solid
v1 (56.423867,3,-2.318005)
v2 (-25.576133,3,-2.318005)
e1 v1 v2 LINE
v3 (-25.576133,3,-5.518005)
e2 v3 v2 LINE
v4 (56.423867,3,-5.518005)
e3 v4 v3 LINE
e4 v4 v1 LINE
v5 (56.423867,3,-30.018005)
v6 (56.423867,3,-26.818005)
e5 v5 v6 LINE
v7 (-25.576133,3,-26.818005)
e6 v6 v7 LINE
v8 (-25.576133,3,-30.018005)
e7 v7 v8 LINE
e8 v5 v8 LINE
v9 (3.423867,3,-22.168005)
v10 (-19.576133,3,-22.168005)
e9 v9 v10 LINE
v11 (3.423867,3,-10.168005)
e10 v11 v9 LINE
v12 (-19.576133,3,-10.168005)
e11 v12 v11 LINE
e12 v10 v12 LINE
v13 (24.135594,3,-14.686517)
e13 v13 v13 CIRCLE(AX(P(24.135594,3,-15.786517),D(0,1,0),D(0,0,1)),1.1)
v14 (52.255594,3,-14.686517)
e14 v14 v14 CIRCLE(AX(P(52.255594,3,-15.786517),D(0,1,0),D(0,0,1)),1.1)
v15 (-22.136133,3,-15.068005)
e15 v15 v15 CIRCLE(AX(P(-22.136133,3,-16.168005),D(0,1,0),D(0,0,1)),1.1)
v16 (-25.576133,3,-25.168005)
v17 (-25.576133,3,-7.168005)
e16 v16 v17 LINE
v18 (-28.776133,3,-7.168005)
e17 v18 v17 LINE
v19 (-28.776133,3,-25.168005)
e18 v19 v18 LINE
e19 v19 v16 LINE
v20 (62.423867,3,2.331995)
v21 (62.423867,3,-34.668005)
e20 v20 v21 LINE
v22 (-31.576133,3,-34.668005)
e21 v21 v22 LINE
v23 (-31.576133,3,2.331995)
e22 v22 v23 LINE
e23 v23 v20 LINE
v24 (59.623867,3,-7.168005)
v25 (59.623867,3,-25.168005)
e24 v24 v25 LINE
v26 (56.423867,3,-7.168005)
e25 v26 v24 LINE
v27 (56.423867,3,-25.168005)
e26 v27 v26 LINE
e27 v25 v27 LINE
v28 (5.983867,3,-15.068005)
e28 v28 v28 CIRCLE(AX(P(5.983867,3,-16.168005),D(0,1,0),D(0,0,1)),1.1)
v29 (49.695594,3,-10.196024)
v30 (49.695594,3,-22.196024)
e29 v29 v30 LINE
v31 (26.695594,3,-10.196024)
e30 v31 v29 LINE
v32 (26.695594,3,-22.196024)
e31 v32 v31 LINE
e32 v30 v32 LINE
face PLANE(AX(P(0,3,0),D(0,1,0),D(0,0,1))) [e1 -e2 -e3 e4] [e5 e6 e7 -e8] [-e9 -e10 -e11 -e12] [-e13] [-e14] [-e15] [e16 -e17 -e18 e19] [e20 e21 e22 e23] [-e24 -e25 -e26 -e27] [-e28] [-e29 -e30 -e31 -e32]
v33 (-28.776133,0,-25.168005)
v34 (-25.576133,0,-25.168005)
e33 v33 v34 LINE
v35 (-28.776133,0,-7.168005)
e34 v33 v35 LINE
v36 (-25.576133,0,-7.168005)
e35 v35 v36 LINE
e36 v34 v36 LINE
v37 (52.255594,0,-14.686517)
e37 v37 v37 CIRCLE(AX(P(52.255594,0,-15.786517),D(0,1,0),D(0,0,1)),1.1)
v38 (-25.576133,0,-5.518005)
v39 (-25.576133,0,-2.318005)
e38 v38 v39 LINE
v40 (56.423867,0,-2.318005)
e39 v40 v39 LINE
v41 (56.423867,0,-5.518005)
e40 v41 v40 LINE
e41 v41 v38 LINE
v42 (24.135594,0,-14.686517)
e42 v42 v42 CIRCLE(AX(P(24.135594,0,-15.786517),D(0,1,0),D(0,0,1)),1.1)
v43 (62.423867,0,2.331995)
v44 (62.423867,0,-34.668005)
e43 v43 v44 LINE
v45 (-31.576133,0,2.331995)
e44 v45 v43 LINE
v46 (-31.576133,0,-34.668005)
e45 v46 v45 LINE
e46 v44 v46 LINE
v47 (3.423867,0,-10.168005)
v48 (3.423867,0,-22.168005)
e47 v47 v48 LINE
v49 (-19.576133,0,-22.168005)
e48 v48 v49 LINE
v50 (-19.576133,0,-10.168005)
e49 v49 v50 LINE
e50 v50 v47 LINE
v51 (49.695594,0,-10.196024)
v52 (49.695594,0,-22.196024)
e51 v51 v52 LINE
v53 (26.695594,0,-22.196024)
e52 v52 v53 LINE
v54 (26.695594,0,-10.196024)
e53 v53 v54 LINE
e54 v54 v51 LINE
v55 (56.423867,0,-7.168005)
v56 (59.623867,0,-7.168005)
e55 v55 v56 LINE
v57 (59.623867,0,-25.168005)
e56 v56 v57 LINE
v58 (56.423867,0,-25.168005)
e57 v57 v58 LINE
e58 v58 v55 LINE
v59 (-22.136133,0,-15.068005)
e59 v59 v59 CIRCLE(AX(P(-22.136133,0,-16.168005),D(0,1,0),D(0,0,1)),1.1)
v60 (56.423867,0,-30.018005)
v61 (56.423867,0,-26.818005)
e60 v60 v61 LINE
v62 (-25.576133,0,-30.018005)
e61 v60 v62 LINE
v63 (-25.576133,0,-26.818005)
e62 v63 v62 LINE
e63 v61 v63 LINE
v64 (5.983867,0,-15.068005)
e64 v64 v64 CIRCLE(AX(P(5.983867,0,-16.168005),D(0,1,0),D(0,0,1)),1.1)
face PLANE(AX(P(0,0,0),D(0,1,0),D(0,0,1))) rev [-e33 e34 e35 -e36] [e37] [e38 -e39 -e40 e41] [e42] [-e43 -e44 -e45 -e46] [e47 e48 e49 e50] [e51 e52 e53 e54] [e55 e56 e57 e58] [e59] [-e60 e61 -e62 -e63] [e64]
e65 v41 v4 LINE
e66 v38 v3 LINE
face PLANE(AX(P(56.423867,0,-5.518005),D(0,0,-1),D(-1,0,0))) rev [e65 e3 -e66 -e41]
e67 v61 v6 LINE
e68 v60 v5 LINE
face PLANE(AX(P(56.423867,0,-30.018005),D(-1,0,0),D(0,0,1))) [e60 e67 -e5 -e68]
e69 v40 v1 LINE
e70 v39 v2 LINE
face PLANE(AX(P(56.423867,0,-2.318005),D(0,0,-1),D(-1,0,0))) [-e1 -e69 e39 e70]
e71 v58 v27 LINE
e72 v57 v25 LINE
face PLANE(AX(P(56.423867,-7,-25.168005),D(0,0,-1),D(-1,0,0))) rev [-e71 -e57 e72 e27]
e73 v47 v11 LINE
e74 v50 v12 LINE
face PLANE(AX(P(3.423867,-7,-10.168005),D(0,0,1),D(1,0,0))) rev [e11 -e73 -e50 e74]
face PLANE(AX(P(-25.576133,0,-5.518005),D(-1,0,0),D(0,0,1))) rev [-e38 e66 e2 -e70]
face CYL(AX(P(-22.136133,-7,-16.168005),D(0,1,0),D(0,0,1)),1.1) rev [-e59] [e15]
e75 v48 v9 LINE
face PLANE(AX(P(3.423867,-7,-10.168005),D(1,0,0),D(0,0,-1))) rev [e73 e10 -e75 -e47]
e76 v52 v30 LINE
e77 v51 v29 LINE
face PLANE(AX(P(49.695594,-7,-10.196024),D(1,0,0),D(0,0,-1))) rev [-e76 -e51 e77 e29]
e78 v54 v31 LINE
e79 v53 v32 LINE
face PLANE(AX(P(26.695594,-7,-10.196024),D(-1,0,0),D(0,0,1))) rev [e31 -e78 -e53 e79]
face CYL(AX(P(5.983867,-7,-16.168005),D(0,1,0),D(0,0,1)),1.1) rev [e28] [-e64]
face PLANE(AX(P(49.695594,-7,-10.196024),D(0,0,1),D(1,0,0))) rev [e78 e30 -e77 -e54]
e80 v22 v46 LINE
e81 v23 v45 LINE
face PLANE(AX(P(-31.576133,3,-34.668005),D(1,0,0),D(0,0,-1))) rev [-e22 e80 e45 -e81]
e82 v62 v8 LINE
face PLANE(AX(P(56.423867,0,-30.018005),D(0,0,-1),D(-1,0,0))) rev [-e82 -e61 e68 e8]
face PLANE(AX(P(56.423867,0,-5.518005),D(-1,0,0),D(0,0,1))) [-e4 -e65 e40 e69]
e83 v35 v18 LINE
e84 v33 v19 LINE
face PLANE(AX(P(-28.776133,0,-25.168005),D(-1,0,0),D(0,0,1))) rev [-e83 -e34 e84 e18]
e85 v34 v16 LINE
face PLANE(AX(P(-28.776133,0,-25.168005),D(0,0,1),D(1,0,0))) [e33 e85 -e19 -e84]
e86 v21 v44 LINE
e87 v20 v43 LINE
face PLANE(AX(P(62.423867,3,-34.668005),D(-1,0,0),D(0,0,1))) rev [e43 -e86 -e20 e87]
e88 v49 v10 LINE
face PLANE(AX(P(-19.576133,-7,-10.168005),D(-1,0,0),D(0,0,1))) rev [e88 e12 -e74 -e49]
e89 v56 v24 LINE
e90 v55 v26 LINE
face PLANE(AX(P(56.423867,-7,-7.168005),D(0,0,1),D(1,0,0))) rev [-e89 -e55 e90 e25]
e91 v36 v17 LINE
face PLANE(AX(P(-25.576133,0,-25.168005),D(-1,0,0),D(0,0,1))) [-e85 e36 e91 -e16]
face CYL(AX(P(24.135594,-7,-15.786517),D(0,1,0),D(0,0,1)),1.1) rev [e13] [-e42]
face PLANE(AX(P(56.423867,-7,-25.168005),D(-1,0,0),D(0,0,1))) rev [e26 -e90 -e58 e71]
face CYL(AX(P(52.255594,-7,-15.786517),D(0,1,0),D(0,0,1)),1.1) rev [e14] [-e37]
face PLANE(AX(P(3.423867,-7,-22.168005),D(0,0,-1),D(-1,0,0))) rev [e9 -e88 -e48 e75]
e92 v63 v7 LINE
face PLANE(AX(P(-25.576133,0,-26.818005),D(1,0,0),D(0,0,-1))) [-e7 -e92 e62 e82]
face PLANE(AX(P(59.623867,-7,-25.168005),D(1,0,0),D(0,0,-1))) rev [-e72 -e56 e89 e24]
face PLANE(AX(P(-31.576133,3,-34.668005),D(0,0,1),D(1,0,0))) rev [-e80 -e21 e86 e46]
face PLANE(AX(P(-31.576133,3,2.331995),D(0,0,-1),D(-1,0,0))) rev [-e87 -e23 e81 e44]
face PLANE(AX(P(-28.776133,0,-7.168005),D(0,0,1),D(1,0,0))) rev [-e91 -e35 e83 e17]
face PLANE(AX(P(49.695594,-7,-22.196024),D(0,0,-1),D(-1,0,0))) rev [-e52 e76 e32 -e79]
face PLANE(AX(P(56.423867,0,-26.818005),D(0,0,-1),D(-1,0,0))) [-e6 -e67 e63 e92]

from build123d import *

# Parameters (mm, degrees)
ESBO_O1_W                = 94
ESBO_O1_H                = 37
RESSALTO_EXTRUS_O1_DEPTH = 3
ESBO_O2_W                = 82
ESBO_O2_H                = 3.2
ESBO_O2_W_2              = 3.2
ESBO_O2_H_2              = 18
CORTE_EXTRUS_O2_DEPTH    = 3
ESBO_O2_5_R              = 1.1
ESBO_O2_5_W              = 82
ESBO_O2_5_H              = 3.2
ESBO_O2_5_W_2            = 3.2
ESBO_O2_5_H_2            = 18
ESBO_O2_5_W_3            = 23
ESBO_O2_5_H_3            = 12
CORTE_EXTRUS_O4_DEPTH    = 10


with BuildPart() as part:
    # Esboço1 → Ressalto-extrusão1 (new body)
    with BuildSketch(Plane(origin=(0, 0, 0), x_dir=(1, 0, 0), z_dir=(0, 1, 0))):
        with Locations((15.423867314, 16.168005002)):
            Rectangle(ESBO_O1_W, ESBO_O1_H)
    extrude(amount=RESSALTO_EXTRUS_O1_DEPTH)

    # Esboço2 → Corte-extrusão2 (cut)
    with BuildSketch(Plane(origin=(0, 3, 0), x_dir=(1, 0, 0), z_dir=(0, 1, 0))):
        with Locations((15.423867314, 3.918005002)):
            Rectangle(ESBO_O2_W, ESBO_O2_H)
        with Locations((15.423867314, 28.418005002)):
            Rectangle(ESBO_O2_W, ESBO_O2_H)
        with Locations((-27.176132686, 16.168005002)):
            Rectangle(ESBO_O2_W_2, ESBO_O2_H_2)
    extrude(amount=-CORTE_EXTRUS_O2_DEPTH, mode=Mode.SUBTRACT)

    # Esboço2<5> → Corte-extrusão4 (cut)
    with BuildSketch(Plane(origin=(0, 3, 0), x_dir=(1, 0, 0), z_dir=(0, 1, 0))):
        with Locations((5.983867314, 16.168005002)):
            Circle(ESBO_O2_5_R)
        with Locations((-22.136132686, 16.168005002)):
            Circle(ESBO_O2_5_R)
        with Locations((52.25559416, 15.786516757)):
            Circle(ESBO_O2_5_R)
        with Locations((24.13559416, 15.786516757)):
            Circle(ESBO_O2_5_R)
        with Locations((15.423867314, 3.918005002)):
            Rectangle(ESBO_O2_5_W, ESBO_O2_5_H)
        with Locations((15.423867314, 28.418005002)):
            Rectangle(ESBO_O2_5_W, ESBO_O2_5_H)
        with Locations((-27.176132686, 16.168005002)):
            Rectangle(ESBO_O2_5_W_2, ESBO_O2_5_H_2)
        with Locations((-8.076132686, 16.168005002)):
            Rectangle(ESBO_O2_5_W_3, ESBO_O2_5_H_3)
        with Locations((58.023867314, 16.168005002)):
            Rectangle(ESBO_O2_5_W_2, ESBO_O2_5_H_2)
        with Locations((38.19559416, 16.196023894)):
            Rectangle(ESBO_O2_5_W_3, ESBO_O2_5_H_3)
    extrude(amount=-CORTE_EXTRUS_O4_DEPTH, mode=Mode.SUBTRACT)


solid = part.part
